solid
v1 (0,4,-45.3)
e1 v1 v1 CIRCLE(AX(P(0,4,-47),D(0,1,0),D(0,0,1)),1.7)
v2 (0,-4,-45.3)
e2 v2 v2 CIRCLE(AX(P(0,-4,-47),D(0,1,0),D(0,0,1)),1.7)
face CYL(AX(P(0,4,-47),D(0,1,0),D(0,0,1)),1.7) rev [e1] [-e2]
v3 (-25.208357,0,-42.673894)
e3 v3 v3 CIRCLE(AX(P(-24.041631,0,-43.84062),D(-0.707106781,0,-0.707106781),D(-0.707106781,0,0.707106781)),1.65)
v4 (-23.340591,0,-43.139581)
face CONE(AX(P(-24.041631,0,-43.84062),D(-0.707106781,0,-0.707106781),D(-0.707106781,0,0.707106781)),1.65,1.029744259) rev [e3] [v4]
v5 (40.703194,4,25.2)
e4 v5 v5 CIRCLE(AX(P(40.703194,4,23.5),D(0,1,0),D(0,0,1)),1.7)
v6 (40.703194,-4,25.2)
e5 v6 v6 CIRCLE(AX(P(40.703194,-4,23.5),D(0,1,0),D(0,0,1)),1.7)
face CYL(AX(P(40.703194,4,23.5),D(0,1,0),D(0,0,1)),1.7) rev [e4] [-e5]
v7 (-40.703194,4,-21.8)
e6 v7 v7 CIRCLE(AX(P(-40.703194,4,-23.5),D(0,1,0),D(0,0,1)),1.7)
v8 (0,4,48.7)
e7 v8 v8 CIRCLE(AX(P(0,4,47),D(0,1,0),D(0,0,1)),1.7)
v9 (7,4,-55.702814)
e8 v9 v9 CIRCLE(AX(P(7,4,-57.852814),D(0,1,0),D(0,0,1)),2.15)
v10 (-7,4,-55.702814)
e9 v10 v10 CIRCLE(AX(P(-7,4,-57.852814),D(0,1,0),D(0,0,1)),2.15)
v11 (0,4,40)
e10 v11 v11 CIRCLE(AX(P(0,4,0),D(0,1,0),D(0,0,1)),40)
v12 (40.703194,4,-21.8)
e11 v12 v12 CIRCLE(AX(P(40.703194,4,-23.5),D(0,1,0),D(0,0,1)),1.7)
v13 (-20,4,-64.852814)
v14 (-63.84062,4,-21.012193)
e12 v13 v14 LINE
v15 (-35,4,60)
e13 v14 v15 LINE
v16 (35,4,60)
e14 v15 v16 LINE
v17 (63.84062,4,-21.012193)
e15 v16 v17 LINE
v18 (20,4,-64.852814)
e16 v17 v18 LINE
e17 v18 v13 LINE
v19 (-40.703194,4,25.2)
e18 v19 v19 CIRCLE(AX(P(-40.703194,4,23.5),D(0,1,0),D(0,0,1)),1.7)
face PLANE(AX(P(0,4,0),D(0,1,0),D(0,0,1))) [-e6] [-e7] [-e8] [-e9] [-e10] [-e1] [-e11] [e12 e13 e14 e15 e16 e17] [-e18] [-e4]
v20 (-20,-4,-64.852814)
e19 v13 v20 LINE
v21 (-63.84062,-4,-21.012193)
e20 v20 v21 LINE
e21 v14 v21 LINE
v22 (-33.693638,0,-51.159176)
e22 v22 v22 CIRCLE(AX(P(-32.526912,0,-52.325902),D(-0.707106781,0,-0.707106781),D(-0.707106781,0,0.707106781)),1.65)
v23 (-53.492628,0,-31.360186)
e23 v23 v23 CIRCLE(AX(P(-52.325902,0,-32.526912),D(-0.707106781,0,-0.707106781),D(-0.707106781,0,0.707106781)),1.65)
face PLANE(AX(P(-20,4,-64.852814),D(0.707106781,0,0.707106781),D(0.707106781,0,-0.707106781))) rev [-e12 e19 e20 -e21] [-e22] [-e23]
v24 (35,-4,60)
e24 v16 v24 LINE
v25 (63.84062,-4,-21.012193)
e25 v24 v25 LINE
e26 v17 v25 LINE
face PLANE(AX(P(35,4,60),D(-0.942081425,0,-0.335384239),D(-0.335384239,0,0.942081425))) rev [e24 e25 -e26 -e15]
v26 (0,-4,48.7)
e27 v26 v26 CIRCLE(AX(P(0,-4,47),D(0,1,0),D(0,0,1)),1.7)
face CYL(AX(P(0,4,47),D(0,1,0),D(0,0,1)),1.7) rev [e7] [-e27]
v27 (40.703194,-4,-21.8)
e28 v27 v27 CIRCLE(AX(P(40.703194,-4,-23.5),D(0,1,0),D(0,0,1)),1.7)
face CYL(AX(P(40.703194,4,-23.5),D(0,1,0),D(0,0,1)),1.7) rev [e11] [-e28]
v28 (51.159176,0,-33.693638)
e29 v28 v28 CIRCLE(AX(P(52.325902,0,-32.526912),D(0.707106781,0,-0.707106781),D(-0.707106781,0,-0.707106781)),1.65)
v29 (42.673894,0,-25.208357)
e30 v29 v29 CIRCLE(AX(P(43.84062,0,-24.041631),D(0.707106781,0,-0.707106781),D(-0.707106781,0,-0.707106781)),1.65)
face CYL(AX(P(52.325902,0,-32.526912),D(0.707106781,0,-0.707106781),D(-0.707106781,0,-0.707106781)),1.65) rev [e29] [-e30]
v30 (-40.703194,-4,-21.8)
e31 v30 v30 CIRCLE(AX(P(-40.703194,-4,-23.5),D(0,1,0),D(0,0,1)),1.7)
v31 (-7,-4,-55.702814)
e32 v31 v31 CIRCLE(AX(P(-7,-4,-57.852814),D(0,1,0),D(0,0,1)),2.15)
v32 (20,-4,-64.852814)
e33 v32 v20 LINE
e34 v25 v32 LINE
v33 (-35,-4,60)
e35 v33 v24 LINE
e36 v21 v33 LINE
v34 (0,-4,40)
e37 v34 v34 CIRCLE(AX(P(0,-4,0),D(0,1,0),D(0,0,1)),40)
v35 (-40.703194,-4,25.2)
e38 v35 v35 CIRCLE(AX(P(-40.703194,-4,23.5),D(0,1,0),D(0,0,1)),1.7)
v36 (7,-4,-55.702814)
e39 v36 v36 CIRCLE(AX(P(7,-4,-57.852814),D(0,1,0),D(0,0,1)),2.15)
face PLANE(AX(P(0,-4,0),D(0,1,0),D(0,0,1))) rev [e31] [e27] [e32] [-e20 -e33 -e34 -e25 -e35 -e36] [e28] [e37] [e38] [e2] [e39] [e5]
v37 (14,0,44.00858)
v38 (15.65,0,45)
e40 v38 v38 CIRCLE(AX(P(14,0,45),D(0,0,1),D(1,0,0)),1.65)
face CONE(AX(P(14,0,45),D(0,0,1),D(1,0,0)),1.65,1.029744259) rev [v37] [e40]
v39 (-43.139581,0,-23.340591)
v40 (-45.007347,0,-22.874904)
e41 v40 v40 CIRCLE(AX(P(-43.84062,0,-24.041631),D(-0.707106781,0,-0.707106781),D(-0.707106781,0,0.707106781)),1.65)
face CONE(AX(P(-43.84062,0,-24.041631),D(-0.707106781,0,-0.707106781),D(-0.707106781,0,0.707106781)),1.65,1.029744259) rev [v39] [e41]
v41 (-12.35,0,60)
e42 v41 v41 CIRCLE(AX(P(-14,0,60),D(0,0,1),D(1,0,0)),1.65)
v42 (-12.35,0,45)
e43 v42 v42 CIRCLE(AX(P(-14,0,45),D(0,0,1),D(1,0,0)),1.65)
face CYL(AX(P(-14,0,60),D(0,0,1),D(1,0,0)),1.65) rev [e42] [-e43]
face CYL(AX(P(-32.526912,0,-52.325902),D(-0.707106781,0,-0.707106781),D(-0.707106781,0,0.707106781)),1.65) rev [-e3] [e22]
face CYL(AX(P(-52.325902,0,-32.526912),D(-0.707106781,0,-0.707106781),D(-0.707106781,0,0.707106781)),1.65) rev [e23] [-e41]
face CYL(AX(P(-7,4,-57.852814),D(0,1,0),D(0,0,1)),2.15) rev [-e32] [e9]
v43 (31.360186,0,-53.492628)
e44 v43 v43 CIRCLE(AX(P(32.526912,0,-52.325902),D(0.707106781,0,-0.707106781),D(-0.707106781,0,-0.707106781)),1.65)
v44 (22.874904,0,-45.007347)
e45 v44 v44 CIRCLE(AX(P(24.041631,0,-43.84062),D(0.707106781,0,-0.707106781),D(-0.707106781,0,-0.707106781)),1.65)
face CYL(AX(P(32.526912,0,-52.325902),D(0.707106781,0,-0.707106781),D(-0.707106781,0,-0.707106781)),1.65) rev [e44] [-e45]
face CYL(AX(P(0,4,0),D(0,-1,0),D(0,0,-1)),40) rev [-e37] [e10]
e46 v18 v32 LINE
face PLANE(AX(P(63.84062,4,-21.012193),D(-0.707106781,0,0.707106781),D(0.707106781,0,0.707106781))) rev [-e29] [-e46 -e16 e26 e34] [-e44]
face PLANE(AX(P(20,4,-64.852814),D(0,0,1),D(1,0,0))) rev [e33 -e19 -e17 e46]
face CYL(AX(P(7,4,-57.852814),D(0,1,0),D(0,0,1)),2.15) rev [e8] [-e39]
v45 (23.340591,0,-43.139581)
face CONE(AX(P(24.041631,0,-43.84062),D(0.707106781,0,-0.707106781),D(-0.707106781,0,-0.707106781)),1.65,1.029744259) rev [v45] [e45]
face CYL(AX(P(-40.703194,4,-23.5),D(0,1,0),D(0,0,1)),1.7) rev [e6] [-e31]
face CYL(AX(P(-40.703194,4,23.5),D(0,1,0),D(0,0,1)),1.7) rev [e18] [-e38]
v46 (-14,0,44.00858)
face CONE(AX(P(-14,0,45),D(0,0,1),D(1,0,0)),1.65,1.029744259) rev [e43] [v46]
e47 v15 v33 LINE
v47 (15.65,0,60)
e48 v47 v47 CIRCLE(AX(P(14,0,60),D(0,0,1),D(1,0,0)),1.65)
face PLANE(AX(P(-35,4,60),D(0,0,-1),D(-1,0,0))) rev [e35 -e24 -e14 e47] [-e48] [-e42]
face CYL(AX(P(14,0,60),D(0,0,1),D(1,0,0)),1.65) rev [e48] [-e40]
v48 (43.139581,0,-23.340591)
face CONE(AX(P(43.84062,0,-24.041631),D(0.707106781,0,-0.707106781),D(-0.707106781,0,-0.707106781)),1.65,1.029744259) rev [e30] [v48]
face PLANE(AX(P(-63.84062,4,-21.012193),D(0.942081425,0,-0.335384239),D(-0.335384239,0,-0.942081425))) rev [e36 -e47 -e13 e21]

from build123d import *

# Parameters (mm, degrees)
SKETCH_2_R                  = 40
EXTRUDE_1_DEPTH             = 4
HOLE_WIZARD_M3_1_D          = 3.4
HOLE_WIZARD_M4_1_AT_2_COUNT = 2
HOLE_WIZARD_M4_1_AT_2_PITCH = 28
HOLE_WIZARD_M4_3_D          = 3.3
HOLE_WIZARD_M4_3_DEPTH      = 15
HOLE_WIZARD_M4_3_TIP        = 0.991420021
HOLE_WIZARD_M4_1_2_D        = 4.3


with BuildPart() as part:
    # 草图2 → 凸台-拉伸1 (new, symmetric)
    with BuildSketch(Plane(origin=(0, 0, 0), x_dir=(1, 0, 0), z_dir=(0, 1, 0))):
        Polygon((20, 64.852813742), (-20, 64.852813742), (-63.840620434, 21.012193309), (-35, -60), (35, -60), (63.840620434, 21.012193309), align=None)
        with Locations(Location((0, 0, 0), (0, 0, 270))):
            Circle(SKETCH_2_R, mode=Mode.SUBTRACT)
    extrude(amount=EXTRUDE_1_DEPTH, both=True)

    # M3 间隙孔1 (through all)
    with Locations(Plane(origin=(0, 4, 0), x_dir=(1, 0, 0), z_dir=(0, 1, 0))):
        with Locations((0, 47), (40.703193978, 23.5), (40.703193978, -23.5), (0, -47), (-40.703193978, -23.5), (-40.703193978, 23.5)):
            Hole(HOLE_WIZARD_M3_1_D / 2)

    # 草图7 → Hole Wizard M4 _1 (revolve, cut)
    with BuildSketch(Plane(origin=(32.526911935, 0, -52.325901808), x_dir=(-0.7071067811865476, 0, -0.7071067811865476), z_dir=(0, 1, 0))):
        Polygon((0, 0), (0, 12.991420021), (1.65, 12), (1.65, 0), align=None)
    hole_wizard_m4_1 = revolve(axis=Axis((37.017039995, 0, -56.816029868), (-0.7071067811865476, 0, 0.7071067811865476)), mode=Mode.SUBTRACT)

    # Hole Wizard M4 _1 at 2: Hole Wizard M4 _1 ×2
    with Locations(*[Vector(0.7071067811865476, 0, 0.7071067811865476) * (i * HOLE_WIZARD_M4_1_AT_2_PITCH) for i in range(1, HOLE_WIZARD_M4_1_AT_2_COUNT)]):
        add(hole_wizard_m4_1, mode=Mode.SUBTRACT)

    # 镜向1: Hole Wizard M4 _1 across plane
    add(hole_wizard_m4_1.mirror(Plane(origin=(0, 0, 0), x_dir=(0, 0, 1), z_dir=(1, 0, 0))), mode=Mode.SUBTRACT)

    # 镜向1 copy 1 sketch → 镜向1 copy 1 (revolve, cut)
    with BuildSketch(Plane(origin=(-52.325901808, 0, -32.526911935), x_dir=(0.7071067811865476, 0, -0.7071067811865476), z_dir=(0, 1, 0))):
        Polygon((0, 0), (0, -12.991420021), (1.65, -12), (1.65, 0), align=None)
    revolve(axis=Axis((-56.816029868, 0, -37.017039995), (-0.7071067811865476, 0, -0.7071067811865476)), mode=Mode.SUBTRACT)

    # M4 螺纹孔3
    with Locations(Plane.XY.offset(60)):
        with Locations((14, 0), (-14, 0)):
            Hole(HOLE_WIZARD_M4_3_D / 2, depth=HOLE_WIZARD_M4_3_DEPTH)
            with Locations((0, 0, -(HOLE_WIZARD_M4_3_DEPTH + HOLE_WIZARD_M4_3_TIP / 2))):  # 118° drill point
                Cone(0, HOLE_WIZARD_M4_3_D / 2, HOLE_WIZARD_M4_3_TIP, mode=Mode.SUBTRACT)

    # Hole Wizard M4 _1 2 (through all)
    with Locations(Plane(origin=(0, 4, 0), x_dir=(1, 0, 0), z_dir=(0, 1, 0))):
        with Locations((-7, 57.852813742), (7, 57.852813742)):
            Hole(HOLE_WIZARD_M4_1_2_D / 2)


solid = part.part
